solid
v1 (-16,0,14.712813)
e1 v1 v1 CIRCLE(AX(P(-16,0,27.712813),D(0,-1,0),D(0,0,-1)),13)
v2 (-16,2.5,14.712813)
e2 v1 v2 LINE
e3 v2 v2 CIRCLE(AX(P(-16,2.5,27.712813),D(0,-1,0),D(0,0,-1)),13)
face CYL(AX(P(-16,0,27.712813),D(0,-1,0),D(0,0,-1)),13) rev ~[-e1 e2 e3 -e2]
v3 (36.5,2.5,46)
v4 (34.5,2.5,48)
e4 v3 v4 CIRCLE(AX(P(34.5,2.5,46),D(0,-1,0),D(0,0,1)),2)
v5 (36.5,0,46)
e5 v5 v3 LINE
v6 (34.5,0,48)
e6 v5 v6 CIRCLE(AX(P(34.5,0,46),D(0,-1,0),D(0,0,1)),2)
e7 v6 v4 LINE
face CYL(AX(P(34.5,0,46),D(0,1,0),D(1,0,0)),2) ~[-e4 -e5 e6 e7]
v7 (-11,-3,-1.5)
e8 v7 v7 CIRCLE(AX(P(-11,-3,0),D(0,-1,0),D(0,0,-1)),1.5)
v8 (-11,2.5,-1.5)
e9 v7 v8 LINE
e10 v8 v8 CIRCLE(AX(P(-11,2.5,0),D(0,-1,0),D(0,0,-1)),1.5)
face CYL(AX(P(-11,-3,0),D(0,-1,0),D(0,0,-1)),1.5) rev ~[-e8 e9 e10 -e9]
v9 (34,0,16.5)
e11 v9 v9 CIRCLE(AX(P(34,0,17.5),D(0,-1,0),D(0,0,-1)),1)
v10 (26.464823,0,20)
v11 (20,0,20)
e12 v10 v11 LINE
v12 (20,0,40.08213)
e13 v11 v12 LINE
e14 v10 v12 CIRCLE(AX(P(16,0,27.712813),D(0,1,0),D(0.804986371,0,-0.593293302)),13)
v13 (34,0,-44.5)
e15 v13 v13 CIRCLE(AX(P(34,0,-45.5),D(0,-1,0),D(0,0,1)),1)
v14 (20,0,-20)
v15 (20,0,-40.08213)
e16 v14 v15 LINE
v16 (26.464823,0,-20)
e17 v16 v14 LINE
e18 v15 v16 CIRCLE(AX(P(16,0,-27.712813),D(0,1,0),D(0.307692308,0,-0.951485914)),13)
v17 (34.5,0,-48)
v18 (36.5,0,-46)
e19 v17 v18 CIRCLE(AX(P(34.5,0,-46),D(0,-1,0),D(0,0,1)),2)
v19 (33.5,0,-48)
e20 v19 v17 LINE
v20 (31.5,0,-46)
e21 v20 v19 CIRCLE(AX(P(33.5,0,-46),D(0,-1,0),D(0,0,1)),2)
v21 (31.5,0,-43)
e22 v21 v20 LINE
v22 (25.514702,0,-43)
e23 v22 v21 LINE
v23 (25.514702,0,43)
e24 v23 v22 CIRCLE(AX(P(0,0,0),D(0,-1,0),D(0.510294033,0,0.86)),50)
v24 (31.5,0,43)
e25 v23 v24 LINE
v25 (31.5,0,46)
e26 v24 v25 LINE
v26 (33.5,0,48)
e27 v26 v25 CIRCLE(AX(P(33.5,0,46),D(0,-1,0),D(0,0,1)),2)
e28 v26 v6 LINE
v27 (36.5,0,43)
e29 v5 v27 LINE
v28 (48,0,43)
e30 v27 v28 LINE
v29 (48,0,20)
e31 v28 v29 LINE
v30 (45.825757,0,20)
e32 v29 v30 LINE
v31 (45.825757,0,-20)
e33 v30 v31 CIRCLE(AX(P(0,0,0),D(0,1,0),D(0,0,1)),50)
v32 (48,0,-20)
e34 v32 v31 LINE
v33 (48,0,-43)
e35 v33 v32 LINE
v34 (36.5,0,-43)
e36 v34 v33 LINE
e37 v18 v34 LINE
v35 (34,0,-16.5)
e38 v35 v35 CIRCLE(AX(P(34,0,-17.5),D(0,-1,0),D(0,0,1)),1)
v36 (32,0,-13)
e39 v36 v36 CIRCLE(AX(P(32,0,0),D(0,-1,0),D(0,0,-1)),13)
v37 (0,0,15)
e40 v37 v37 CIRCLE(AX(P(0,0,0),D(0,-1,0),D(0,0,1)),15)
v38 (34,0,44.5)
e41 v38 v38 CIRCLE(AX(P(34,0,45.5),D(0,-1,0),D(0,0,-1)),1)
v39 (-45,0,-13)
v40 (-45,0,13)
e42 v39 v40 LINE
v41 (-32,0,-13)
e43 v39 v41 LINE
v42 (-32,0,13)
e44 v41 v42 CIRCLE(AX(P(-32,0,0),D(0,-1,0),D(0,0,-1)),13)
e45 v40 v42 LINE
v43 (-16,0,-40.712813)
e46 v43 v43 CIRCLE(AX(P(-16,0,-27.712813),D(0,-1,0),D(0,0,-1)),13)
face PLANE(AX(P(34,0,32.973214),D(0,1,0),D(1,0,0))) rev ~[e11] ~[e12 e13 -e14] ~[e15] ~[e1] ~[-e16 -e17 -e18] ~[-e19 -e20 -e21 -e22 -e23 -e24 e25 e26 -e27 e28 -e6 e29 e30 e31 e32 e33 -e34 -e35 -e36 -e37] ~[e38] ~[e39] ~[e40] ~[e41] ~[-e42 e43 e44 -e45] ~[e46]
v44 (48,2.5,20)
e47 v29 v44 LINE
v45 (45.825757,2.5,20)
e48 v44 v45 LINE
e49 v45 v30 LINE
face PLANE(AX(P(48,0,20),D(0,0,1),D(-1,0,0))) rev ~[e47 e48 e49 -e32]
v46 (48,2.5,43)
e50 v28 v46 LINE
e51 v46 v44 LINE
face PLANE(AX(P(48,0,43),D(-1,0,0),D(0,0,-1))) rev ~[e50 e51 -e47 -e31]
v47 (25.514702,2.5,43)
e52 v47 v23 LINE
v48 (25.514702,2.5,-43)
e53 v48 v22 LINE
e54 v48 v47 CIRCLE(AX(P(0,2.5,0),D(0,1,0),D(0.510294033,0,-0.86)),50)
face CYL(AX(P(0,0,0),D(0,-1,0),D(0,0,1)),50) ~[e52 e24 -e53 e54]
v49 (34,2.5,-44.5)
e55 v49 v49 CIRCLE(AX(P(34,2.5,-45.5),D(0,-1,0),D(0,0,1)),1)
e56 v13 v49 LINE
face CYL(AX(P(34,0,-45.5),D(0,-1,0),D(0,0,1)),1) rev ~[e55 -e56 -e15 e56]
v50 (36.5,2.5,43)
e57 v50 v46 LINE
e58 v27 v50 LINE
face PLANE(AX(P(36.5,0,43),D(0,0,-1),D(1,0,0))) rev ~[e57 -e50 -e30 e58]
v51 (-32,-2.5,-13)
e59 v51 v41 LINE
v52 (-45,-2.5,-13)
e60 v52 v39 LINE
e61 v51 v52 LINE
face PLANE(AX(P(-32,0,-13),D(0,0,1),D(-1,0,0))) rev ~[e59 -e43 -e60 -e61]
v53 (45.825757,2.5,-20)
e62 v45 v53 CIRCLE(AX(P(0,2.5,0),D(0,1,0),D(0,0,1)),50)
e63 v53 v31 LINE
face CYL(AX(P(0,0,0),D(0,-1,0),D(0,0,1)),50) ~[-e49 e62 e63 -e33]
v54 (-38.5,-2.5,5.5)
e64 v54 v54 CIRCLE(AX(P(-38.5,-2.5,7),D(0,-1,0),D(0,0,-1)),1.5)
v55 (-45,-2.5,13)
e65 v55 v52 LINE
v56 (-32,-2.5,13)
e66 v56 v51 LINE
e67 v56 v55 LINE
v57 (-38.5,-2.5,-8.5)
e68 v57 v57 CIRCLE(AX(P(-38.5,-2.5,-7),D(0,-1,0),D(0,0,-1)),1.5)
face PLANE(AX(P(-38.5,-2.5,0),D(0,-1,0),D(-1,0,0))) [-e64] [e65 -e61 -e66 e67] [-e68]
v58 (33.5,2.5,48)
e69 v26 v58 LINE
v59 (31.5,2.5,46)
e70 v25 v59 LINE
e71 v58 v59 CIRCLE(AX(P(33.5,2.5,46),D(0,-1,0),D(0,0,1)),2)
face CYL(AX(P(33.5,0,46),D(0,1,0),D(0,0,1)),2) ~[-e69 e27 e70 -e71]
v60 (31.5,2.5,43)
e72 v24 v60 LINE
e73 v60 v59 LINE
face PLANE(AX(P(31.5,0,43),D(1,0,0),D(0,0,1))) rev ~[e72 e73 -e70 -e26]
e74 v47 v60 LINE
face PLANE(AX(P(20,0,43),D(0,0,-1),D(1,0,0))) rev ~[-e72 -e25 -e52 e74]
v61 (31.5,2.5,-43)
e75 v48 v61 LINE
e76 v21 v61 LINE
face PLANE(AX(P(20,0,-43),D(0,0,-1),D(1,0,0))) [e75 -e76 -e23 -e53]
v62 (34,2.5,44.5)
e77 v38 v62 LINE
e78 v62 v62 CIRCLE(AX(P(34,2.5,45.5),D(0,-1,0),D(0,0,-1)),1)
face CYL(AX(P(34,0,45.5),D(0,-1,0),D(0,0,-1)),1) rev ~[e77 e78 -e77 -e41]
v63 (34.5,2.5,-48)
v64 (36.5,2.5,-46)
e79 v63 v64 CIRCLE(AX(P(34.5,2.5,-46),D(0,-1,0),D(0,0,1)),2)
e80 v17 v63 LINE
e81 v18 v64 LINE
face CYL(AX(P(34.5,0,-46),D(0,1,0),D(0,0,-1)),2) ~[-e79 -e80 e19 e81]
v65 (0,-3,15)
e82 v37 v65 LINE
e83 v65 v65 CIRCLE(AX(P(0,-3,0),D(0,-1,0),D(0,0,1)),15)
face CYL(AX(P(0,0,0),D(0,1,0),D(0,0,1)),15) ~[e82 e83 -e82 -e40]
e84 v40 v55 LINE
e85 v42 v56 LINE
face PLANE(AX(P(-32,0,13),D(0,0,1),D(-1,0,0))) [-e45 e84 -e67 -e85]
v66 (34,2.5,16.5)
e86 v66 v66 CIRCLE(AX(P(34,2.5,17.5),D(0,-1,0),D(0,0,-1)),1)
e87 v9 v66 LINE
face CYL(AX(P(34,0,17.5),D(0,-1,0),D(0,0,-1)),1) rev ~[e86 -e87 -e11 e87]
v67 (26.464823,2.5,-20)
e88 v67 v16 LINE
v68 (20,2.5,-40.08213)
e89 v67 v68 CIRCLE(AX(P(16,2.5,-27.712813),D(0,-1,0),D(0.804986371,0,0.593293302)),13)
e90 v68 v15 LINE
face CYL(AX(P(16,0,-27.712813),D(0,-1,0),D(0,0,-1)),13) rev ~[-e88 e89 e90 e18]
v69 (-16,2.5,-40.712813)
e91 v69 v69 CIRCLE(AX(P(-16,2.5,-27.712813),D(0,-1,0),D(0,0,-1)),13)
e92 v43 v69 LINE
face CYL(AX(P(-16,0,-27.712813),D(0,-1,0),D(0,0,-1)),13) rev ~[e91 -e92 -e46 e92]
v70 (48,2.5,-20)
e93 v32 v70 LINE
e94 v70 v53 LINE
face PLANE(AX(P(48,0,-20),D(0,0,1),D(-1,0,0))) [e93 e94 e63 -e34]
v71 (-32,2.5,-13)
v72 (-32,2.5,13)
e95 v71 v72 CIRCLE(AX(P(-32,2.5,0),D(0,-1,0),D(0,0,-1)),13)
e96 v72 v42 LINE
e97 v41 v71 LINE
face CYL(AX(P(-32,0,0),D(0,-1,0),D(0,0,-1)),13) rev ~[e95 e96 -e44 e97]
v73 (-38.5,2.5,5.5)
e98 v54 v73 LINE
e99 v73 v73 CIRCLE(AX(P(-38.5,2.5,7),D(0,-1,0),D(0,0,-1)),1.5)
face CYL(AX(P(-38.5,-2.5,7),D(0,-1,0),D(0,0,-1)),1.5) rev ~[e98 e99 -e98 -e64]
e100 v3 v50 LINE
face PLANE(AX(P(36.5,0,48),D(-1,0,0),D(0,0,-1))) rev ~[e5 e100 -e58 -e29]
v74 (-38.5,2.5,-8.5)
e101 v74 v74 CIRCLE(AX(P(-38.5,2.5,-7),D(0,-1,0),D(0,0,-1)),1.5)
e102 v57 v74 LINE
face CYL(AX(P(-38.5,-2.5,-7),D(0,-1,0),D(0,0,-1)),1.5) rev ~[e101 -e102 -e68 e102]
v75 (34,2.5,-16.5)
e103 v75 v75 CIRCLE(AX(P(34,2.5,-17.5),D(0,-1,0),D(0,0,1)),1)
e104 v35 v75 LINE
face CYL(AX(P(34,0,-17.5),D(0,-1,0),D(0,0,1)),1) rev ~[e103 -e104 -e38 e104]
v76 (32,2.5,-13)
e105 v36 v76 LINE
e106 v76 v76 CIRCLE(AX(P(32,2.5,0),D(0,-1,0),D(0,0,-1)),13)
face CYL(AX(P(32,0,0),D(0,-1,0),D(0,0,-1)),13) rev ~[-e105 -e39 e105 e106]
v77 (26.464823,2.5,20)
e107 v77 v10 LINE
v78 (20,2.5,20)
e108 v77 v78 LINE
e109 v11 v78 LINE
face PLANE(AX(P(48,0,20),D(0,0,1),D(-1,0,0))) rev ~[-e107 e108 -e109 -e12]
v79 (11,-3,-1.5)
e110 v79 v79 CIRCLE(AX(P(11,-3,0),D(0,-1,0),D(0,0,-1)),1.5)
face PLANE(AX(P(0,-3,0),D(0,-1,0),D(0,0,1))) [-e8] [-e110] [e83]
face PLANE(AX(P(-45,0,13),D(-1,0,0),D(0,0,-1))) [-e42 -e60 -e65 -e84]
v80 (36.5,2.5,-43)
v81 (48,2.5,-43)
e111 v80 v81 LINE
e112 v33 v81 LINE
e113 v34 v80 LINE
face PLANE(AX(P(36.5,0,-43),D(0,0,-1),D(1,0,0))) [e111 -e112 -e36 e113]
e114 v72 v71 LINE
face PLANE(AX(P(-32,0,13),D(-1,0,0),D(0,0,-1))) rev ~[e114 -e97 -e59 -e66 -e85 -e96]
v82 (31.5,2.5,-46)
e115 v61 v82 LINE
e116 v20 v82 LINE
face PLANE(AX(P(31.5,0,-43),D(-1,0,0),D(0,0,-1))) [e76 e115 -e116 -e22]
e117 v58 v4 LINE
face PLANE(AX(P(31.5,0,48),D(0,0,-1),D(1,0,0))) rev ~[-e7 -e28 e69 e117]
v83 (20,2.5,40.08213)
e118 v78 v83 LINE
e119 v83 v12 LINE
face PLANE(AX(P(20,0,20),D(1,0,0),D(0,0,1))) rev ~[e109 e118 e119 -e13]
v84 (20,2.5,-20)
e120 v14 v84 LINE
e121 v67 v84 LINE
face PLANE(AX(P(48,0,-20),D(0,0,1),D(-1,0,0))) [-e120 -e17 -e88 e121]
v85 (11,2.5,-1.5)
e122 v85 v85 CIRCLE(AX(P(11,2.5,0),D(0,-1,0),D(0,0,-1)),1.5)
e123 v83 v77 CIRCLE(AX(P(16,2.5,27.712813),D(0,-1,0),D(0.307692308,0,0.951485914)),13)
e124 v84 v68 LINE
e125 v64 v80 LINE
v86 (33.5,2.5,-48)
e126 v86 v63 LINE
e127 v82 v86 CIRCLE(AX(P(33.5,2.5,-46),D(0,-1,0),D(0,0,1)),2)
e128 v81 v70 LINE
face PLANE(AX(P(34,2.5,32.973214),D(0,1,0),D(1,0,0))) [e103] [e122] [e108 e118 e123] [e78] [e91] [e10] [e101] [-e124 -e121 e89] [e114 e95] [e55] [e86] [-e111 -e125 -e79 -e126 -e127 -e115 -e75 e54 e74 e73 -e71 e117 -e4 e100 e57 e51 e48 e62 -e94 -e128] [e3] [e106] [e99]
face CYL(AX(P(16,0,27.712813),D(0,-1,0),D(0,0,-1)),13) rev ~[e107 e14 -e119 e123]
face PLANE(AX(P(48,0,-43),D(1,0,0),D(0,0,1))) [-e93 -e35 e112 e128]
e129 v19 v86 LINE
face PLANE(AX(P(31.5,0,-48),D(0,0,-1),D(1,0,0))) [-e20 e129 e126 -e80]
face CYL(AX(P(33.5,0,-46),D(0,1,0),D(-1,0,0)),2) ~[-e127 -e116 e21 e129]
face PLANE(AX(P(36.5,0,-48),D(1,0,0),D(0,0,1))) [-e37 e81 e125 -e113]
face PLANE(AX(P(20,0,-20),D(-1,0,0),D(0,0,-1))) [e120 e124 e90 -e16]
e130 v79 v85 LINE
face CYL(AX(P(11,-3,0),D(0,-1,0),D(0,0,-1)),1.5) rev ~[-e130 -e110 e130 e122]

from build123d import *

# Parameters (mm, degrees)
SKETCH_1_R          = 50
EXTRUDE_1_DEPTH     = 2.5
SKETCH_2_R          = 15
EXTRUDE_2_DEPTH     = 3
SKETCH_3_R          = 1.5
CUT_EXTRUDE_1_DEPTH = 71.924255371
SKETCH_5_R          = 13
CUT_EXTRUDE_3_DEPTH = 71.774289117
SKETCH_6_W          = 13
SKETCH_6_H          = 26
EXTRUDE_3_DEPTH     = 2.5
SKETCH_8_R          = 1.5
CUT_EXTRUDE_4_DEPTH = 71.887234394
EXTRUDE_4_DEPTH     = 2.5
SKETCH_11_R         = 1
CUT_EXTRUDE_5_DEPTH = 71.774289117
FILLET_1_R          = 2


with BuildPart() as part:
    # 草图1 → 凸台-拉伸1 (new body)
    with BuildSketch(Plane(origin=(0, 0, 0), x_dir=(1, 0, 0), z_dir=(0, 1, 0))):
        with Locations(Location((0, 0, 0), (0, 0, 270))):
            Circle(SKETCH_1_R)
    extrude(amount=EXTRUDE_1_DEPTH)

    # 草图2 → 凸台-拉伸2 (add)
    with BuildSketch(Plane(origin=(0, 0, 0), x_dir=(-1, 0, 0), z_dir=(0, -1, 0))):
        with Locations(Location((0, 0, 0), (0, 0, 270))):
            Circle(SKETCH_2_R)
    extrude(amount=EXTRUDE_2_DEPTH)

    # 草图3 → 切除-拉伸1 (cut, through all)
    with BuildSketch(Plane(origin=(0, -3, 0), x_dir=(-1, 0, 0), z_dir=(0, -1, 0))):
        with Locations(Location((11, 0, 0), (0, 0, 90))):
            Circle(SKETCH_3_R)
        with Locations(Location((-11, 0, 0), (0, 0, 90))):
            Circle(SKETCH_3_R)
    extrude(amount=-CUT_EXTRUDE_1_DEPTH, mode=Mode.SUBTRACT)

    # 草图5 → 切除-拉伸3 (cut, through all)
    with BuildSketch(Plane(origin=(0, 0, 0), x_dir=(-1, 0, 0), z_dir=(0, -1, 0))):
        with Locations(Location((32, 0, 0), (0, 0, 90))):
            Circle(SKETCH_5_R)
        with Locations(Location((16, -27.712812921, 0), (0, 0, 90))):
            Circle(SKETCH_5_R)
        with Locations(Location((-16, -27.712812921, 0), (0, 0, 90))):
            Circle(SKETCH_5_R)
        with Locations(Location((-32, 0, 0), (0, 0, 90))):
            Circle(SKETCH_5_R)
        with Locations(Location((-16, 27.712812921, 0), (0, 0, 90))):
            Circle(SKETCH_5_R)
        with Locations(Location((16, 27.712812921, 0), (0, 0, 90))):
            Circle(SKETCH_5_R)
    extrude(amount=-CUT_EXTRUDE_3_DEPTH, mode=Mode.SUBTRACT)

    # 草图6 → 凸台-拉伸3 (add, symmetric)
    with BuildSketch(Plane(origin=(0, 0, 0), x_dir=(-1, 0, 0), z_dir=(0, -1, 0))):
        with Locations((38.5, 0)):
            Rectangle(SKETCH_6_W, SKETCH_6_H)
    extrude(amount=EXTRUDE_3_DEPTH, both=True)

    # 草图8 → 切除-拉伸4 (cut, through all)
    with BuildSketch(Plane(origin=(0, -2.5, 0), x_dir=(-1, 0, 0), z_dir=(0, -1, 0))):
        with Locations(Location((38.5, -7, 0), (0, 0, 90))):
            Circle(SKETCH_8_R)
        with Locations(Location((38.5, 7, 0), (0, 0, 90))):
            Circle(SKETCH_8_R)
    extrude(amount=-CUT_EXTRUDE_4_DEPTH, mode=Mode.SUBTRACT)

    # 草图9 → 凸台-拉伸4 (add)
    with BuildSketch(Plane(origin=(0, 0, 0), x_dir=(-1, 0, 0), z_dir=(0, -1, 0))):
        Polygon((-36.5, -43), (-48, -43), (-48, -20), (-20, -20), (-20, -43), (-31.5, -43), (-31.5, -48), (-36.5, -48), align=None)
        Polygon((-31.5, 43), (-31.5, 48), (-36.5, 48), (-36.5, 43), (-48, 43), (-48, 20), (-20, 20), (-20, 43), align=None)
    extrude(amount=-EXTRUDE_4_DEPTH)

    # 草图11 → 切除-拉伸5 (cut, through all)
    with BuildSketch(Plane(origin=(0, 0, 0), x_dir=(-1, 0, 0), z_dir=(0, -1, 0))):
        with Locations(Location((-34, -45.5, 0), (0, 0, 90))):
            Circle(SKETCH_11_R)
        with Locations(Location((-34, -17.5, 0), (0, 0, 90))):
            Circle(SKETCH_11_R)
        with Locations(Location((-34, 17.5, 0), (0, 0, 270))):
            Circle(SKETCH_11_R)
        with Locations(Location((-34, 45.5, 0), (0, 0, 270))):
            Circle(SKETCH_11_R)
    extrude(amount=-CUT_EXTRUDE_5_DEPTH, mode=Mode.SUBTRACT)

    # 圆角1
    fillet_1_edges = [part.edges().sort_by_distance(p)[0] for p in [
        (36.5, 1.25, -48),
        (31.5, 1.25, -48),
        (31.5, 1.25, 48),
        (36.5, 1.25, 48),
    ]]
    fillet(fillet_1_edges, radius=FILLET_1_R)


solid = part.part
